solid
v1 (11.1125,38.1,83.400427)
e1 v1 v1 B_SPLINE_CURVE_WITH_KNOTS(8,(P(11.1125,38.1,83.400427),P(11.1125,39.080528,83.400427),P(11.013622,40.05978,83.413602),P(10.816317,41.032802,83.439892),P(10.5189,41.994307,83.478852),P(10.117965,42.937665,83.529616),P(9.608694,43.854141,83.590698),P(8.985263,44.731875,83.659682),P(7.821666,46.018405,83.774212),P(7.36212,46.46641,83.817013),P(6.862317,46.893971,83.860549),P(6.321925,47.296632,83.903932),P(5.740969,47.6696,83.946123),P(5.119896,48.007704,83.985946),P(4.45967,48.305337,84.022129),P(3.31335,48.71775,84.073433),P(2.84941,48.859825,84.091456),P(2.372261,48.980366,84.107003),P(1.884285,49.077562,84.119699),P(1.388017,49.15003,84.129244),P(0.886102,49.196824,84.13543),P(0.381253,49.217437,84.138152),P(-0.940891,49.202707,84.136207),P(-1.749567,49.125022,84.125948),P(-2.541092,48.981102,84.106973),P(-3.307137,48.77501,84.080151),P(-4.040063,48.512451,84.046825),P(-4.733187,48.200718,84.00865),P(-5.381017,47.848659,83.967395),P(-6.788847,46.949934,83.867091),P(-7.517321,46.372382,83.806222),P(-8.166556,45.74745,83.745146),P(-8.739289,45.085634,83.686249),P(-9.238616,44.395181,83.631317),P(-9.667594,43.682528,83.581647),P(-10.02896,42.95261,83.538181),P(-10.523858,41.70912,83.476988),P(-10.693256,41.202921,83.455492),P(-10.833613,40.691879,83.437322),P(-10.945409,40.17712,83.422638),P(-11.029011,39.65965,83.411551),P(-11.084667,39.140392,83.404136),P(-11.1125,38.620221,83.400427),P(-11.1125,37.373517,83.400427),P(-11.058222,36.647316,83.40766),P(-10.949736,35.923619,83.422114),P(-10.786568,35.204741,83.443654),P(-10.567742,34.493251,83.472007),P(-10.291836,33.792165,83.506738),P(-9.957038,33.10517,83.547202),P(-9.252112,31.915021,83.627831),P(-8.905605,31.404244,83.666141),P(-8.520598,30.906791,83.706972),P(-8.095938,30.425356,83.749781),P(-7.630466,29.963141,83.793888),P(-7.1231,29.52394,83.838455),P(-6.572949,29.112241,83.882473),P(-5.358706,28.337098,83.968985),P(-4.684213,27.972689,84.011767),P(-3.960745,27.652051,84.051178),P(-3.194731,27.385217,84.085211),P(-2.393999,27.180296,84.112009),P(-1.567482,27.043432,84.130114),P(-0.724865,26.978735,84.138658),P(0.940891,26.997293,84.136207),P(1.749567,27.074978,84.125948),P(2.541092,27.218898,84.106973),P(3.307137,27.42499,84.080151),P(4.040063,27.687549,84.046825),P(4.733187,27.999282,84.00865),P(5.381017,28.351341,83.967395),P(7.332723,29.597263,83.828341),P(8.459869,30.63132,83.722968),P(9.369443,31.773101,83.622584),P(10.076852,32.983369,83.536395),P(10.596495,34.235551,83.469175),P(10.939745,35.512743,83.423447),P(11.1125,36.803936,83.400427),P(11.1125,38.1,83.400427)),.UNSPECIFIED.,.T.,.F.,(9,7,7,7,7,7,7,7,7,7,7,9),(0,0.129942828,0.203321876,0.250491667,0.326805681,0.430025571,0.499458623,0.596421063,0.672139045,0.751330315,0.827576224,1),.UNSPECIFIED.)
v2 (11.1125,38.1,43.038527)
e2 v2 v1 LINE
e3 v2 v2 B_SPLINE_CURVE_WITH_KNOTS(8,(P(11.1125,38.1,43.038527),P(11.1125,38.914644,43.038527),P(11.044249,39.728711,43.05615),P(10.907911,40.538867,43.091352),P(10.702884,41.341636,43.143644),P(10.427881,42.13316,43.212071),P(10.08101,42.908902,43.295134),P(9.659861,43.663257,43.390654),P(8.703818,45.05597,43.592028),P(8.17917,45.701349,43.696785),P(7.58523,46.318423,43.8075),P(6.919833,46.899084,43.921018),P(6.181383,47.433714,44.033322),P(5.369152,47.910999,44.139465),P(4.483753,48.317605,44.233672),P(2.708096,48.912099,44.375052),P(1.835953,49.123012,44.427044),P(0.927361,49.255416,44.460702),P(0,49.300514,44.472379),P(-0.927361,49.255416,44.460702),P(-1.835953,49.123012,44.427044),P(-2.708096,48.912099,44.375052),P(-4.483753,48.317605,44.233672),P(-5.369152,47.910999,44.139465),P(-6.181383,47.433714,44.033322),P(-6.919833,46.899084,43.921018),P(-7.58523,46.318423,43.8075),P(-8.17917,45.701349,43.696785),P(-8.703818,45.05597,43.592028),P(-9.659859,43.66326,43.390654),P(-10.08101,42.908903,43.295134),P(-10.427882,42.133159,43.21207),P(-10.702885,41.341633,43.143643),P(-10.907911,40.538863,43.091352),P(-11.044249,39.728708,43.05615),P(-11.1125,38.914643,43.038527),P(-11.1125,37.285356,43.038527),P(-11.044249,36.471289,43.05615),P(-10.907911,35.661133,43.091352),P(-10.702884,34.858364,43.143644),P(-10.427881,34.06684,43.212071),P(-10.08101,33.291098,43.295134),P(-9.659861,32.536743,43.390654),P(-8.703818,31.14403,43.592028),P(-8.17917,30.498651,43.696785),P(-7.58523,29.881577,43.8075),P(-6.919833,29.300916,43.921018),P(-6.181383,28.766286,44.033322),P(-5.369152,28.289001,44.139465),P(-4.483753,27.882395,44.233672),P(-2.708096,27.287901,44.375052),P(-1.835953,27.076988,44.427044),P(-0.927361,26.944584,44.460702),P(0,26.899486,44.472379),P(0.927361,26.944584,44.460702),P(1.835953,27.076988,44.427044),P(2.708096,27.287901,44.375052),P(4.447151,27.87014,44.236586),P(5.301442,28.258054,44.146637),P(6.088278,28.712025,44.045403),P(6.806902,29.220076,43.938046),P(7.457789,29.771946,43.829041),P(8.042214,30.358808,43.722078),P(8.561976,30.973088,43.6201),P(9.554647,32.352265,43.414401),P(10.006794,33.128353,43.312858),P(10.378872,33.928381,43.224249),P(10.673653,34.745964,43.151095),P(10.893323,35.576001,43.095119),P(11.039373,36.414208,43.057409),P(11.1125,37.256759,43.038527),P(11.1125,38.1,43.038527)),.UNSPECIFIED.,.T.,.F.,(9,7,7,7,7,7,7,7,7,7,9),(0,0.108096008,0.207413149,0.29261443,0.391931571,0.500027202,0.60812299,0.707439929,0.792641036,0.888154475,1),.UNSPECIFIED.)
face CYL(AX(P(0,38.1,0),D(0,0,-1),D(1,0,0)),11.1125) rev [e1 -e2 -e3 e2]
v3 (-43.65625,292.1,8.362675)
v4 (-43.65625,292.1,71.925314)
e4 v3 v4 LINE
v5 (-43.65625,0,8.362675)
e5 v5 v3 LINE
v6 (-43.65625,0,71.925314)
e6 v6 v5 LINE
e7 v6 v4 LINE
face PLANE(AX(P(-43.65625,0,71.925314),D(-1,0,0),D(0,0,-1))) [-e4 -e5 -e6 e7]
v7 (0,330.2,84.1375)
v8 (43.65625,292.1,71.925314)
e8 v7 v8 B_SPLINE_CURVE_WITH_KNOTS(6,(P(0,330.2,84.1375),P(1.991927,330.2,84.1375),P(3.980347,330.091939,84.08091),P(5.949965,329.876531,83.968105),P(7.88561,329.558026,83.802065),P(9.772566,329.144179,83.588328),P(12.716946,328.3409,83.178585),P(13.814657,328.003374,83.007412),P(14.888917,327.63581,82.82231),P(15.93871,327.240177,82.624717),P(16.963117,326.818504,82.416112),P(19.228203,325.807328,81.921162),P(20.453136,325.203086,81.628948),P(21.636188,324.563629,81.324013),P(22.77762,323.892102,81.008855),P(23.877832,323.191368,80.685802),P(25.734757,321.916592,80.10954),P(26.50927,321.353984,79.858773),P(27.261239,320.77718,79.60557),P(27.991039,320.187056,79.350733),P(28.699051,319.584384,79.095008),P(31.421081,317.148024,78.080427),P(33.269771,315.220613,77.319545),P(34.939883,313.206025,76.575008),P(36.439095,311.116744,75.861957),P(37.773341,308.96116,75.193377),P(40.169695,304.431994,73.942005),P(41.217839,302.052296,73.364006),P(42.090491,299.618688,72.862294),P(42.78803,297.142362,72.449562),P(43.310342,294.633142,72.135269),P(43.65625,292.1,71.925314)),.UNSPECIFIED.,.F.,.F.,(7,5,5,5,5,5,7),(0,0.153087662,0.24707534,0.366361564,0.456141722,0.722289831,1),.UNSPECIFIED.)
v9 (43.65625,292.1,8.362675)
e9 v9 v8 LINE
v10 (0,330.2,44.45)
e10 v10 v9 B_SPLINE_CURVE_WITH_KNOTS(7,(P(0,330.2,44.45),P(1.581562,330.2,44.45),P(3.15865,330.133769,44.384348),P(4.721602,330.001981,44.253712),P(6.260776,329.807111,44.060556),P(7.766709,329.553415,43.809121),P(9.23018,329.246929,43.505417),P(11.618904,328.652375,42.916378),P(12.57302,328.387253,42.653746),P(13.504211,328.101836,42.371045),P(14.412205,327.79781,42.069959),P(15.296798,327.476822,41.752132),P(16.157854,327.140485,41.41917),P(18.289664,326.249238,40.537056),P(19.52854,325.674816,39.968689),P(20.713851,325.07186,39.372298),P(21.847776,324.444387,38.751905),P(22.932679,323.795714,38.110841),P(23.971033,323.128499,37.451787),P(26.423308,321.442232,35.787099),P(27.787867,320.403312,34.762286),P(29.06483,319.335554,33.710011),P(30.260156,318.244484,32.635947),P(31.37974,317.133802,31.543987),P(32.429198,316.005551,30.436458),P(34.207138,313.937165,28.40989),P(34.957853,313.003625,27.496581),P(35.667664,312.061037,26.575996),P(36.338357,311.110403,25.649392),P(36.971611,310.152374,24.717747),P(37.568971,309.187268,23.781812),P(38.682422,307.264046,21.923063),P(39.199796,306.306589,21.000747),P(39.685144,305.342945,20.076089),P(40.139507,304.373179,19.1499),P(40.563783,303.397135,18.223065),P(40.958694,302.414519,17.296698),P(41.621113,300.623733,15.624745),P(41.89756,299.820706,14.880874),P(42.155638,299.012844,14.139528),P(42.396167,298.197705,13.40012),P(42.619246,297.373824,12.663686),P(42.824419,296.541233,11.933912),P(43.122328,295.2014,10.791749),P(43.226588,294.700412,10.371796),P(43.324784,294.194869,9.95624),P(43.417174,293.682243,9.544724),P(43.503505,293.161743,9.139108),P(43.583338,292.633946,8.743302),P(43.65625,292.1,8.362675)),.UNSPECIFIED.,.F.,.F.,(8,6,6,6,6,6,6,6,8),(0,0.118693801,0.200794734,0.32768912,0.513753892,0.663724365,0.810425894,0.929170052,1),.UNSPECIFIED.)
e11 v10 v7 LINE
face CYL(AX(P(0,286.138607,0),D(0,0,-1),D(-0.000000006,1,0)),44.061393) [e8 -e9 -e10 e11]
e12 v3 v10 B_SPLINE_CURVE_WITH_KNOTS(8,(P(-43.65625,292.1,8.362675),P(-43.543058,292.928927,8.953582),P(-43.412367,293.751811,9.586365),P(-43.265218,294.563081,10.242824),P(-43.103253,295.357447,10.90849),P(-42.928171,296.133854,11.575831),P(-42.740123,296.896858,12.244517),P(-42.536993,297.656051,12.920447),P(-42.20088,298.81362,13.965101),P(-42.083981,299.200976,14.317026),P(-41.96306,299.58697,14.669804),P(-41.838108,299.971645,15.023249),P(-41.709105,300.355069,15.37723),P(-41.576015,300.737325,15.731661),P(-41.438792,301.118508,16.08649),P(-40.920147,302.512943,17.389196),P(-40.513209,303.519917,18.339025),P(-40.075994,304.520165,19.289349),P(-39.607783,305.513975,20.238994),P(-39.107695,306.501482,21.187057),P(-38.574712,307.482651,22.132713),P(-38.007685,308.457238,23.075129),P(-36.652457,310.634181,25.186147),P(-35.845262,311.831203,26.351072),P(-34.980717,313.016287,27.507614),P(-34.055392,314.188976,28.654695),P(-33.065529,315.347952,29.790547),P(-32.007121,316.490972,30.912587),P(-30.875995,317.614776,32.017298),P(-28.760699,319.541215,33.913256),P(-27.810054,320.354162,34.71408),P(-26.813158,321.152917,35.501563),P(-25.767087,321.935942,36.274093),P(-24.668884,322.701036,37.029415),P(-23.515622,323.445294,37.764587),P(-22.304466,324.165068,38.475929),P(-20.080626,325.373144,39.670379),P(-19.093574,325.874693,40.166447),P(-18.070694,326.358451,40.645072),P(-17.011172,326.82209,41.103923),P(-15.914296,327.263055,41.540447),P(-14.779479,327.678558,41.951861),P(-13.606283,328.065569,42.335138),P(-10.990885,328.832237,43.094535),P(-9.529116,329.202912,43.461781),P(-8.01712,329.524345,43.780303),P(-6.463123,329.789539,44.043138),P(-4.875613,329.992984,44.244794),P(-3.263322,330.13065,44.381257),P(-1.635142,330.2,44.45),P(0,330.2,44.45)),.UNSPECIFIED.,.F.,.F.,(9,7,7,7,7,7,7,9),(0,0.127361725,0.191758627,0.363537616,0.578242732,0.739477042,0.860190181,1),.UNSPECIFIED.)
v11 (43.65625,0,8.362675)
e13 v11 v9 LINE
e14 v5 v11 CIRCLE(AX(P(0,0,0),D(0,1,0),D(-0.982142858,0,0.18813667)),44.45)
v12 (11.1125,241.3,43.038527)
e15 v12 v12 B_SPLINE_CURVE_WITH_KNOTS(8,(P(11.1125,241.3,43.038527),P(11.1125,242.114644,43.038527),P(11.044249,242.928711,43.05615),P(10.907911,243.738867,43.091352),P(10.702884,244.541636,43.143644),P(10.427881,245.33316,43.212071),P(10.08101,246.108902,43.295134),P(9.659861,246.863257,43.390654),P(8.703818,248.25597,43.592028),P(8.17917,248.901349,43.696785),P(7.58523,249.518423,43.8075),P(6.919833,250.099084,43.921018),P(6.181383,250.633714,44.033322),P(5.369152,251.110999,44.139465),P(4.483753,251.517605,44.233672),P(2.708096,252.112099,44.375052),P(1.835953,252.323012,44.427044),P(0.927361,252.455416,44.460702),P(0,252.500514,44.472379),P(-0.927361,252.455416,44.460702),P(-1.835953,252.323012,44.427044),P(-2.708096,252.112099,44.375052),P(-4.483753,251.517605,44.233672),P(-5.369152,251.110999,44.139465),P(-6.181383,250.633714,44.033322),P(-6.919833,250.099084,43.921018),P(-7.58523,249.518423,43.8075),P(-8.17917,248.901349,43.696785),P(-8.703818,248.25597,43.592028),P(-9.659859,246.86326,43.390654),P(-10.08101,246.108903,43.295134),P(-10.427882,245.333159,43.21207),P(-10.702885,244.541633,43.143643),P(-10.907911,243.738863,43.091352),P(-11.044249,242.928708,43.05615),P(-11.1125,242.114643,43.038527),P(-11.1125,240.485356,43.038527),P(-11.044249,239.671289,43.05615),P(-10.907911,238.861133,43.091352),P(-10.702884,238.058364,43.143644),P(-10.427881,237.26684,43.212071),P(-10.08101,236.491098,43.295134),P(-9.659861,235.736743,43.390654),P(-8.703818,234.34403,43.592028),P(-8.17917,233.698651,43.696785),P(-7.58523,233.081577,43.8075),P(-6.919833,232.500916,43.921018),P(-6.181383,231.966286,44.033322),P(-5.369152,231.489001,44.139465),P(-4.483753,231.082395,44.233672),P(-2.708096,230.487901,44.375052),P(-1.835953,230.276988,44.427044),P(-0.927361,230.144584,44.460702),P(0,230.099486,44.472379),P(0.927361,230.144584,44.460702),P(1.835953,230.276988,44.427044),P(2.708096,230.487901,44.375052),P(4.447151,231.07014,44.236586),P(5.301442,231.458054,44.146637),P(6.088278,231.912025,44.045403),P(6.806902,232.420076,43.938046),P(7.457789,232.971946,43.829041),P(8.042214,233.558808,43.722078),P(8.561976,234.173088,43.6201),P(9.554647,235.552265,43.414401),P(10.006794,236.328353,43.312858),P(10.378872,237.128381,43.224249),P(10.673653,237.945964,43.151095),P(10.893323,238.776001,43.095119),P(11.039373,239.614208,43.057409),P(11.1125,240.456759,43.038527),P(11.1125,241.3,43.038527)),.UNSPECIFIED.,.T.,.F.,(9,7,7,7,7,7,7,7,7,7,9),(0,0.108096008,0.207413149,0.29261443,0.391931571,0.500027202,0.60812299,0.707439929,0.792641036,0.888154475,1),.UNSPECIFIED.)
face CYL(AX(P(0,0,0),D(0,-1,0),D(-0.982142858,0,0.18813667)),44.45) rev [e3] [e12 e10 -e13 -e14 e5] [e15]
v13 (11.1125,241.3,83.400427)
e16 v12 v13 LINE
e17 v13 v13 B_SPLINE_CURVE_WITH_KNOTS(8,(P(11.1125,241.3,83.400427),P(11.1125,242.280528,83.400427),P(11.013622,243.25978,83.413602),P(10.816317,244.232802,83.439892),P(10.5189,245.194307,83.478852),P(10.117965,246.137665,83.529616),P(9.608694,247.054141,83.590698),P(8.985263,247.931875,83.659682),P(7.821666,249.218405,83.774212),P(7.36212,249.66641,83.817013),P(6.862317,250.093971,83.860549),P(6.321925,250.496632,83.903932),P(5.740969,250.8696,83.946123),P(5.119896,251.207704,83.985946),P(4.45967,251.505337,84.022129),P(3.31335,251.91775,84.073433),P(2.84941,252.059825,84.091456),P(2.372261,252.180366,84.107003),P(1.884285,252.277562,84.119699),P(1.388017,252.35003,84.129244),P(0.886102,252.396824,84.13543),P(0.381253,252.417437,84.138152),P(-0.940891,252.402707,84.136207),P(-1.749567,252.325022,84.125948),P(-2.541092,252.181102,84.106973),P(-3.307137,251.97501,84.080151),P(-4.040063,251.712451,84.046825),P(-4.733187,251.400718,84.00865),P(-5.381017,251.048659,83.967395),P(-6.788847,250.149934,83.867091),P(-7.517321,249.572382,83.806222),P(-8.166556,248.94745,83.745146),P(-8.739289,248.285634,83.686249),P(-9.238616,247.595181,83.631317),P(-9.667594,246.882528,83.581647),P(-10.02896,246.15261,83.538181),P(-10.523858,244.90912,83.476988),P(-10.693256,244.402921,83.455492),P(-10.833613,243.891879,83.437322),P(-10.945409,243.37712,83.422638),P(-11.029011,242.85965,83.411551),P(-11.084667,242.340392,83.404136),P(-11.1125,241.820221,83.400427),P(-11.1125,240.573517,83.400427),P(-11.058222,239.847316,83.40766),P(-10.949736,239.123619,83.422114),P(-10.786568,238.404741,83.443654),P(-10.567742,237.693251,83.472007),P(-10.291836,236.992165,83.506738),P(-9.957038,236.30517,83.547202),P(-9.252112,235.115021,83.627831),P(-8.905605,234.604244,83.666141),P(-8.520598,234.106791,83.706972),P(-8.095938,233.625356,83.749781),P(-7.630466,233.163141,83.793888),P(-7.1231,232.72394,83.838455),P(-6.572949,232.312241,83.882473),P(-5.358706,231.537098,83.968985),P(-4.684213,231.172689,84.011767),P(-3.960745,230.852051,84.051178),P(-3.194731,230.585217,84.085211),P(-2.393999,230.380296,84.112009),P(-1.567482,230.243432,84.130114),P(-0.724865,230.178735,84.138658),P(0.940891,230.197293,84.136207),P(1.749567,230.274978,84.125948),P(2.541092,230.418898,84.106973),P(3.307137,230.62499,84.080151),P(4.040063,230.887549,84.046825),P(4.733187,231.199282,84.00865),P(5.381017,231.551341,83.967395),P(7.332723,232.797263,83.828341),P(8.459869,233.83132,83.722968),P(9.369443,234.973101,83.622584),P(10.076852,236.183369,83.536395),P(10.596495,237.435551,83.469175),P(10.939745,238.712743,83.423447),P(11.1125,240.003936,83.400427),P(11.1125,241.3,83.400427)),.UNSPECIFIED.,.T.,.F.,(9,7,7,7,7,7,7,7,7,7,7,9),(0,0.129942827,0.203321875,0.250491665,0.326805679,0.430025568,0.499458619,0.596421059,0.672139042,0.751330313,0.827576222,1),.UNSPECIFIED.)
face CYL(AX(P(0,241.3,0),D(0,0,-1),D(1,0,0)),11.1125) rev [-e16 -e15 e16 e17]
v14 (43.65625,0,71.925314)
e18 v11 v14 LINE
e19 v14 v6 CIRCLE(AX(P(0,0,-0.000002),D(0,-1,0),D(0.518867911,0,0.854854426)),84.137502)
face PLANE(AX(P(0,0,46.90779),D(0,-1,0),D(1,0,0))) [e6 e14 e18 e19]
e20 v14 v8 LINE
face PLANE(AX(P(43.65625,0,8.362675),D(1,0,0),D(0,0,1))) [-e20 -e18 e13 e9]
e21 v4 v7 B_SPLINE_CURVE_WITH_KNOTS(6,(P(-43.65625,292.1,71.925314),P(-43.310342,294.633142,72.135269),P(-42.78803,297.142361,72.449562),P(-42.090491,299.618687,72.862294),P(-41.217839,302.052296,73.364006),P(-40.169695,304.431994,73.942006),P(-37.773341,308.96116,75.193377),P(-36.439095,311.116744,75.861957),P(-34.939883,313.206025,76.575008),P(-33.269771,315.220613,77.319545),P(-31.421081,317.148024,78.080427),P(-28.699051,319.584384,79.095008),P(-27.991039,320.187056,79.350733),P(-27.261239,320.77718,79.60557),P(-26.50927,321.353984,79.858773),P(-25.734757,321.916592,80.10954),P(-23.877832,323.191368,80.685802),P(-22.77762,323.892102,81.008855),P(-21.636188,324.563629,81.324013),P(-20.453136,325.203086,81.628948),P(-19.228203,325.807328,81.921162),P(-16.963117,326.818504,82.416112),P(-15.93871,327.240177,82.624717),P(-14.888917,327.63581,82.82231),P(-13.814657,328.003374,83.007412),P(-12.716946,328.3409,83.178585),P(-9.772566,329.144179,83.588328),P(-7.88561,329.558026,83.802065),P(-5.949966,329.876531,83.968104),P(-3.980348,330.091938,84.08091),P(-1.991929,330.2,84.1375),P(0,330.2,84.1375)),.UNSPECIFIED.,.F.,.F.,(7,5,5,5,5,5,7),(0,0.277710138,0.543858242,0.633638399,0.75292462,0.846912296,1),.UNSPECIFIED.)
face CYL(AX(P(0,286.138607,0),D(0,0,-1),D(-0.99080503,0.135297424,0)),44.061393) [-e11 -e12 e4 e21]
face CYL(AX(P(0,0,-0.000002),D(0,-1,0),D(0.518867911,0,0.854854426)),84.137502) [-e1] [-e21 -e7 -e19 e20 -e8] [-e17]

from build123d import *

# Parameters (mm, degrees)
F1_DEPTH = 330.2
F3_DEPTH = 84.1385
F4_R     = 11.1125
F5_DEPTH = 84.1385


with BuildPart() as f1:
    # F0 (on Front) → F1 (new body)
    with BuildSketch(Plane.XZ):
        with BuildLine():
            ThreePointArc((-43.65625, 8.362675), (0, 44.45), (43.65625, 8.362675))
            Line((43.65625, 8.362675), (43.65625, 71.925314))
            ThreePointArc((43.65625, 71.925314), (0, 84.1375), (-43.65625, 71.925314))
            Line((-43.65625, 71.925314), (-43.65625, 8.362675))
        make_face()
    extrude(amount=-F1_DEPTH)

    # F2 (on Top) → F3 (cut, through all)
    with BuildSketch(Plane.XY):
        with BuildLine():
            Line((-43.65625, 330.2), (-43.65625, 292.1))
            ThreePointArc((-43.65625, 292.1), (-28.971875, 319.335547), (0, 330.2))
            Line((0, 330.2), (-43.65625, 330.2))
        make_face()
        with BuildLine():
            Line((43.65625, 330.2), (0, 330.2))
            ThreePointArc((0, 330.2), (28.971875, 319.335547), (43.65625, 292.1))
            Line((43.65625, 292.1), (43.65625, 330.2))
        make_face()
    extrude(amount=F3_DEPTH, mode=Mode.SUBTRACT)

    # F4 (on Top) → F5 (cut, through all)
    with BuildSketch(Plane.XY):
        with Locations((0, 241.3)):
            Circle(F4_R)
        with Locations((0, 38.1)):
            Circle(F4_R)
    extrude(amount=F5_DEPTH, mode=Mode.SUBTRACT)


solid = f1.part
